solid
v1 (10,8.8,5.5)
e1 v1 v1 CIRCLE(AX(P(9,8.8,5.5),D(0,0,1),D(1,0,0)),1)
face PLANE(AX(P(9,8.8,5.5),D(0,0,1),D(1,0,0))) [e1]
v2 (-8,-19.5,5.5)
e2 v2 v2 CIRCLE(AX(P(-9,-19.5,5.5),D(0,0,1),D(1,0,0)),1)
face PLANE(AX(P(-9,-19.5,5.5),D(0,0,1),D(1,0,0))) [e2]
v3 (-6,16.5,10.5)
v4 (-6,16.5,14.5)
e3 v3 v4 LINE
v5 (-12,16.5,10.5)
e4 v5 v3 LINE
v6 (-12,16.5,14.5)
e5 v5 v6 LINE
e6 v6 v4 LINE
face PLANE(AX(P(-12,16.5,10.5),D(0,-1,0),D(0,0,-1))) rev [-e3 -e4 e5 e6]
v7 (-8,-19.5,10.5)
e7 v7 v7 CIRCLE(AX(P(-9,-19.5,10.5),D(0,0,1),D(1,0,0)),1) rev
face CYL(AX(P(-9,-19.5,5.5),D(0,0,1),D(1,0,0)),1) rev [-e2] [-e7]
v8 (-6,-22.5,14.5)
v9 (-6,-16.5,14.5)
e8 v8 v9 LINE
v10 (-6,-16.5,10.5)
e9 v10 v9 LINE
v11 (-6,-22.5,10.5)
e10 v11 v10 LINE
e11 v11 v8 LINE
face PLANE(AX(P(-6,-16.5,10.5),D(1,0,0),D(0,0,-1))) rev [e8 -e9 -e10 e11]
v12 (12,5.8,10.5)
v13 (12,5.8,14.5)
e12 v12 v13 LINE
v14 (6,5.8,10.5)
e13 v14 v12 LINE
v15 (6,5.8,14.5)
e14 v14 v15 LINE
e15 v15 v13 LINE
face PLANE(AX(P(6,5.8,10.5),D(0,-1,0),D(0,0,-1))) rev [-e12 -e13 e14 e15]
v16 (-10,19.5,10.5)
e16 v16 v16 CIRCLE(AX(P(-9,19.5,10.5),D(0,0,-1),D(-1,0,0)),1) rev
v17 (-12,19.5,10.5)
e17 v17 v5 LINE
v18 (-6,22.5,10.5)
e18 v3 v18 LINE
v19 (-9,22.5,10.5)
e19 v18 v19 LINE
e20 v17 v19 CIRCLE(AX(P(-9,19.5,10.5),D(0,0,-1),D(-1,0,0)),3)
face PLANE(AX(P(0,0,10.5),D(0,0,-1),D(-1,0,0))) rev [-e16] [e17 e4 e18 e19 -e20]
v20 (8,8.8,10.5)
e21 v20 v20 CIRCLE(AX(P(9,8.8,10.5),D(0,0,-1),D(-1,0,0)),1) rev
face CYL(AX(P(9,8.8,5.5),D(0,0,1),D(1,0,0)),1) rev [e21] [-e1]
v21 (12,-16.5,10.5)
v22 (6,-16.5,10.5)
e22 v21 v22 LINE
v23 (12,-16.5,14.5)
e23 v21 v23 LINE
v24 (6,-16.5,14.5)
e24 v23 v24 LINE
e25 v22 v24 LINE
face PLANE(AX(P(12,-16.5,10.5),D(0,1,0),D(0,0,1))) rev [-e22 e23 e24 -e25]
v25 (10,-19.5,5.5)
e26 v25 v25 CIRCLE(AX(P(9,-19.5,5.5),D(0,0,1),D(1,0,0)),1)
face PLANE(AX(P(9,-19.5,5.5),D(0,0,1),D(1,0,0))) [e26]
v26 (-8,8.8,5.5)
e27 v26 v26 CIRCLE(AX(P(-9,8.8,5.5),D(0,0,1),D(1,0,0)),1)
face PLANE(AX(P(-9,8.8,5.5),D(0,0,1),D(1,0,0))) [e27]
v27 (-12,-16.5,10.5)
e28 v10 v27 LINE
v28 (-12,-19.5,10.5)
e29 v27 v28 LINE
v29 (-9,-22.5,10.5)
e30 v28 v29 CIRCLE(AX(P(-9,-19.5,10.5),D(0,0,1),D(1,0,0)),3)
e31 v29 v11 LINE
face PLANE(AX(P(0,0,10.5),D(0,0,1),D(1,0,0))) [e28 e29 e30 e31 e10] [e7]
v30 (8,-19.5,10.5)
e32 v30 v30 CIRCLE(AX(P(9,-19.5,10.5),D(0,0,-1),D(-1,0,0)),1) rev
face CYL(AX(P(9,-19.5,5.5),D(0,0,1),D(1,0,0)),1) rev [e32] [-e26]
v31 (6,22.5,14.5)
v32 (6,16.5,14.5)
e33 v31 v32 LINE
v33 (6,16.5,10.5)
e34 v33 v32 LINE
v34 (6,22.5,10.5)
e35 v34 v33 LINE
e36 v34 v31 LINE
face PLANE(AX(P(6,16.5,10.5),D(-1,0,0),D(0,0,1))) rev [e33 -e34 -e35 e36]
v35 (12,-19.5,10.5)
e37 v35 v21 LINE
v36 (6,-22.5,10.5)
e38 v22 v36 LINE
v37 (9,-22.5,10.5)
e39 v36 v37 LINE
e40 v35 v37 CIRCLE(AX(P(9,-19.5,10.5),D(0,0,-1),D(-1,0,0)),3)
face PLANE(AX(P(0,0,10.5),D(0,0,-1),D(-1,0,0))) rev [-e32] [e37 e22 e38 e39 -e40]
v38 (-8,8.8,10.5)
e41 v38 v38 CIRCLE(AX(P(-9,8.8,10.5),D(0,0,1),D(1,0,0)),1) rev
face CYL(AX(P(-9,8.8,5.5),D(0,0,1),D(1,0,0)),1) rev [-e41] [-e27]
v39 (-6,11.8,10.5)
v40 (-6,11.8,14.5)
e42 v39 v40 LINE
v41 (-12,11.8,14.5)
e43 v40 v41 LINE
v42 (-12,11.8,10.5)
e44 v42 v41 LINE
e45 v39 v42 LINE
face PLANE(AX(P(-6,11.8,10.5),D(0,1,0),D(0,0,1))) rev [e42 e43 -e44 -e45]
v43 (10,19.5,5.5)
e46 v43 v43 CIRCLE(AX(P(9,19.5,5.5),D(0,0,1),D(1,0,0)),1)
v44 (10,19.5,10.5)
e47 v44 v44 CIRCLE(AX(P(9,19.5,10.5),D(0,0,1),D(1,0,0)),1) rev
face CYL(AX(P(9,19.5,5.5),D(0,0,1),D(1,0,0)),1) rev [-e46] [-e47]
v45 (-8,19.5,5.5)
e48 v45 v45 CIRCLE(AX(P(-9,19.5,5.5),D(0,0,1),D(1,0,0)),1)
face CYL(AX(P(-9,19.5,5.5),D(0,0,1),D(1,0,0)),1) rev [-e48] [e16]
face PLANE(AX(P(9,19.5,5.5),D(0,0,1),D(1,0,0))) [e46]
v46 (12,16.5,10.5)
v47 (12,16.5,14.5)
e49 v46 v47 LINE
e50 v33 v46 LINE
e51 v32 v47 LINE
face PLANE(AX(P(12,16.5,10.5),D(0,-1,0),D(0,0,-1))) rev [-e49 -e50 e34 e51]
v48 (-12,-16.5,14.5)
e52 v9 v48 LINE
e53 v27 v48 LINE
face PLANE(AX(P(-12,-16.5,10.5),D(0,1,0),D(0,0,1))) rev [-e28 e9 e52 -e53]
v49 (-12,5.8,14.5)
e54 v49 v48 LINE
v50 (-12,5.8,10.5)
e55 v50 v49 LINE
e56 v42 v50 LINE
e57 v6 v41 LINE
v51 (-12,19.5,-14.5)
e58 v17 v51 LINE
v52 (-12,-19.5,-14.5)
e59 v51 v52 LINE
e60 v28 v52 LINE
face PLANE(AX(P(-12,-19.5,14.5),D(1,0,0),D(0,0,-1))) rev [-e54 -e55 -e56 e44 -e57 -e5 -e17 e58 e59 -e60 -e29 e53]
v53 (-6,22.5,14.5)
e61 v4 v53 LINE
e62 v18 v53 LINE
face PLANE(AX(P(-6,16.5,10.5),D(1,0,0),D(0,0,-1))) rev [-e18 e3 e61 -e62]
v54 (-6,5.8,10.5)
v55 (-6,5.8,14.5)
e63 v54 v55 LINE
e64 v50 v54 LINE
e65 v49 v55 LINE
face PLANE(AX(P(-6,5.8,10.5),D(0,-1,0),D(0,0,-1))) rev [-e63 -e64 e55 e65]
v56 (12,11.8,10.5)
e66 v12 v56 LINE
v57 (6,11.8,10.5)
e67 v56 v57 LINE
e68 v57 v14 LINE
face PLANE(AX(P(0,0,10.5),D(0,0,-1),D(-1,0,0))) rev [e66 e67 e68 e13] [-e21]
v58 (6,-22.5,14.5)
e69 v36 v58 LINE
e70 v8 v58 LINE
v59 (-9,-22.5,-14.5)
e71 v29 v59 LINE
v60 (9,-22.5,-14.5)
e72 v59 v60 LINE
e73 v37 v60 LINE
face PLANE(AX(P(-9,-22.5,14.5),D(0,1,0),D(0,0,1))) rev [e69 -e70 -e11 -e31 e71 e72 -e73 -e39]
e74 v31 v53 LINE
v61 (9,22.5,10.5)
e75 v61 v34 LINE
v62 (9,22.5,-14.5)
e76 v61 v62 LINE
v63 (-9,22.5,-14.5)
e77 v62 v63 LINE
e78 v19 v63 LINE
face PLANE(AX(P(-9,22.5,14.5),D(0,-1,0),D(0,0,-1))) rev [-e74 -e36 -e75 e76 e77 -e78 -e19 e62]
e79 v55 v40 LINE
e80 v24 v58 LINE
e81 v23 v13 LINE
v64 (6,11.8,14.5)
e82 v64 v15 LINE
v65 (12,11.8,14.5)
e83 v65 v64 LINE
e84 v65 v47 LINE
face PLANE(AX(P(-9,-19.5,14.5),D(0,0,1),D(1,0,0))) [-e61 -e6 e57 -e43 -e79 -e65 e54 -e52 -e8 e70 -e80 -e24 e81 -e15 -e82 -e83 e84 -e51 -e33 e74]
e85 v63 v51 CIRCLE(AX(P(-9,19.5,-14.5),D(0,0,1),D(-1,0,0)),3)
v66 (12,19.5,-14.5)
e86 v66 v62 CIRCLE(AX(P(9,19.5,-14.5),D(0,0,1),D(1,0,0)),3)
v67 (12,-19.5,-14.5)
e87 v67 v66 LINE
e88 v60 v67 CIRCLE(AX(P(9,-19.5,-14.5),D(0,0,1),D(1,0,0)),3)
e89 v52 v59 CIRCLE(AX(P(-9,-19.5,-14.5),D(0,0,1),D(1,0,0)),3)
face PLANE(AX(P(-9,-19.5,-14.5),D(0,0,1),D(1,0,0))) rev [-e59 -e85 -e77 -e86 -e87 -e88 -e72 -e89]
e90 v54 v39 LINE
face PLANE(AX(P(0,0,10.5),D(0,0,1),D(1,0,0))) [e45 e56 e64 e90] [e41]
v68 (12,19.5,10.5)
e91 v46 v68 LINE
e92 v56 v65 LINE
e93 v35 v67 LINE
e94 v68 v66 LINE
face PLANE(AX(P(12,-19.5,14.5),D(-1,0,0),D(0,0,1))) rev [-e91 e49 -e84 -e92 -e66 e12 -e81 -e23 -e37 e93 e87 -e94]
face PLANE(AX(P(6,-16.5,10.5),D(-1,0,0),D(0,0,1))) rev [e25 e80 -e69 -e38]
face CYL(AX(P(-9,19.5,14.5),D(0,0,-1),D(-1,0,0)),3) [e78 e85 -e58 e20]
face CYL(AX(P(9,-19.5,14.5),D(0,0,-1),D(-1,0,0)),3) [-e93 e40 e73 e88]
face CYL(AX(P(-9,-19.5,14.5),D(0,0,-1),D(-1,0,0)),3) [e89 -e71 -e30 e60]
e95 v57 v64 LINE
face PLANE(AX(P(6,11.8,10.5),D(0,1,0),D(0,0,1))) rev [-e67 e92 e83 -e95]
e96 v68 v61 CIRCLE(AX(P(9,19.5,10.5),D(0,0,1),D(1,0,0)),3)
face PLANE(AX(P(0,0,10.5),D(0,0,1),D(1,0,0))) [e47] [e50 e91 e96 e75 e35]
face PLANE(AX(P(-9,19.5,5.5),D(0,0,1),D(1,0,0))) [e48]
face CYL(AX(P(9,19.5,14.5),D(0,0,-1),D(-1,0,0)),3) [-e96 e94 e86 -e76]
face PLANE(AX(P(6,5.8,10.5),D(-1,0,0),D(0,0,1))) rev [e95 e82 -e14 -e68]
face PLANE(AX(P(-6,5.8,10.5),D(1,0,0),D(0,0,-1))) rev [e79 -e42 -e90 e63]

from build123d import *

# Parameters (mm, degrees)
BOSS_EXTRU_1_DEPTH      = 14.5
ESQUISSE2_R             = 1
ENL_V_MAT_EXTRU_1_DEPTH = 9
ESQUISSE4_W             = 6
ESQUISSE4_H             = 6
ENL_V_MAT_EXTRU_2_DEPTH = 4


with BuildPart() as part:
    # Esquisse1 → Boss.-Extru.1 (new, symmetric)
    with BuildSketch(Plane.XY):
        with BuildLine():
            Line((-9, -22.5), (9, -22.5))
            ThreePointArc((9, -22.5), (11.121320344, -21.621320344), (12, -19.5))
            Line((12, -19.5), (12, 19.5))
            ThreePointArc((12, 19.5), (11.121320344, 21.621320344), (9, 22.5))
            Line((9, 22.5), (-9, 22.5))
            ThreePointArc((-9, 22.5), (-11.121320344, 21.621320344), (-12, 19.5))
            Line((-12, 19.5), (-12, -19.5))
            ThreePointArc((-12, -19.5), (-11.121320344, -21.621320344), (-9, -22.5))
        make_face()
    extrude(amount=BOSS_EXTRU_1_DEPTH, both=True)

    # Esquisse2 → Enlèv. mat.-Extru.1 (cut)
    with BuildSketch(Plane.XY.offset(14.5)):
        with Locations((9, 19.5)):
            Circle(ESQUISSE2_R)
        with Locations((-9, 19.5)):
            Circle(ESQUISSE2_R)
        with Locations((-9, 8.8)):
            Circle(ESQUISSE2_R)
        with Locations((9, 8.8)):
            Circle(ESQUISSE2_R)
        with Locations((-9, -19.5)):
            Circle(ESQUISSE2_R)
        with Locations((9, -19.5)):
            Circle(ESQUISSE2_R)
    extrude(amount=-ENL_V_MAT_EXTRU_1_DEPTH, mode=Mode.SUBTRACT)

    # Esquisse4 → Enlèv. mat.-Extru.2 (cut)
    with BuildSketch(Plane.XY.offset(14.5)):
        with Locations((-9, 19.5)):
            Rectangle(ESQUISSE4_W, ESQUISSE4_H)
        with Locations((9, 19.5)):
            Rectangle(ESQUISSE4_W, ESQUISSE4_H)
        with Locations((9, 8.8)):
            Rectangle(ESQUISSE4_W, ESQUISSE4_H)
        with Locations((-9, 8.8)):
            Rectangle(ESQUISSE4_W, ESQUISSE4_H)
        with Locations((-9, -19.5)):
            Rectangle(ESQUISSE4_W, ESQUISSE4_H)
        with Locations((9, -19.5)):
            Rectangle(ESQUISSE4_W, ESQUISSE4_H)
    extrude(amount=-ENL_V_MAT_EXTRU_2_DEPTH, mode=Mode.SUBTRACT)


solid = part.part
